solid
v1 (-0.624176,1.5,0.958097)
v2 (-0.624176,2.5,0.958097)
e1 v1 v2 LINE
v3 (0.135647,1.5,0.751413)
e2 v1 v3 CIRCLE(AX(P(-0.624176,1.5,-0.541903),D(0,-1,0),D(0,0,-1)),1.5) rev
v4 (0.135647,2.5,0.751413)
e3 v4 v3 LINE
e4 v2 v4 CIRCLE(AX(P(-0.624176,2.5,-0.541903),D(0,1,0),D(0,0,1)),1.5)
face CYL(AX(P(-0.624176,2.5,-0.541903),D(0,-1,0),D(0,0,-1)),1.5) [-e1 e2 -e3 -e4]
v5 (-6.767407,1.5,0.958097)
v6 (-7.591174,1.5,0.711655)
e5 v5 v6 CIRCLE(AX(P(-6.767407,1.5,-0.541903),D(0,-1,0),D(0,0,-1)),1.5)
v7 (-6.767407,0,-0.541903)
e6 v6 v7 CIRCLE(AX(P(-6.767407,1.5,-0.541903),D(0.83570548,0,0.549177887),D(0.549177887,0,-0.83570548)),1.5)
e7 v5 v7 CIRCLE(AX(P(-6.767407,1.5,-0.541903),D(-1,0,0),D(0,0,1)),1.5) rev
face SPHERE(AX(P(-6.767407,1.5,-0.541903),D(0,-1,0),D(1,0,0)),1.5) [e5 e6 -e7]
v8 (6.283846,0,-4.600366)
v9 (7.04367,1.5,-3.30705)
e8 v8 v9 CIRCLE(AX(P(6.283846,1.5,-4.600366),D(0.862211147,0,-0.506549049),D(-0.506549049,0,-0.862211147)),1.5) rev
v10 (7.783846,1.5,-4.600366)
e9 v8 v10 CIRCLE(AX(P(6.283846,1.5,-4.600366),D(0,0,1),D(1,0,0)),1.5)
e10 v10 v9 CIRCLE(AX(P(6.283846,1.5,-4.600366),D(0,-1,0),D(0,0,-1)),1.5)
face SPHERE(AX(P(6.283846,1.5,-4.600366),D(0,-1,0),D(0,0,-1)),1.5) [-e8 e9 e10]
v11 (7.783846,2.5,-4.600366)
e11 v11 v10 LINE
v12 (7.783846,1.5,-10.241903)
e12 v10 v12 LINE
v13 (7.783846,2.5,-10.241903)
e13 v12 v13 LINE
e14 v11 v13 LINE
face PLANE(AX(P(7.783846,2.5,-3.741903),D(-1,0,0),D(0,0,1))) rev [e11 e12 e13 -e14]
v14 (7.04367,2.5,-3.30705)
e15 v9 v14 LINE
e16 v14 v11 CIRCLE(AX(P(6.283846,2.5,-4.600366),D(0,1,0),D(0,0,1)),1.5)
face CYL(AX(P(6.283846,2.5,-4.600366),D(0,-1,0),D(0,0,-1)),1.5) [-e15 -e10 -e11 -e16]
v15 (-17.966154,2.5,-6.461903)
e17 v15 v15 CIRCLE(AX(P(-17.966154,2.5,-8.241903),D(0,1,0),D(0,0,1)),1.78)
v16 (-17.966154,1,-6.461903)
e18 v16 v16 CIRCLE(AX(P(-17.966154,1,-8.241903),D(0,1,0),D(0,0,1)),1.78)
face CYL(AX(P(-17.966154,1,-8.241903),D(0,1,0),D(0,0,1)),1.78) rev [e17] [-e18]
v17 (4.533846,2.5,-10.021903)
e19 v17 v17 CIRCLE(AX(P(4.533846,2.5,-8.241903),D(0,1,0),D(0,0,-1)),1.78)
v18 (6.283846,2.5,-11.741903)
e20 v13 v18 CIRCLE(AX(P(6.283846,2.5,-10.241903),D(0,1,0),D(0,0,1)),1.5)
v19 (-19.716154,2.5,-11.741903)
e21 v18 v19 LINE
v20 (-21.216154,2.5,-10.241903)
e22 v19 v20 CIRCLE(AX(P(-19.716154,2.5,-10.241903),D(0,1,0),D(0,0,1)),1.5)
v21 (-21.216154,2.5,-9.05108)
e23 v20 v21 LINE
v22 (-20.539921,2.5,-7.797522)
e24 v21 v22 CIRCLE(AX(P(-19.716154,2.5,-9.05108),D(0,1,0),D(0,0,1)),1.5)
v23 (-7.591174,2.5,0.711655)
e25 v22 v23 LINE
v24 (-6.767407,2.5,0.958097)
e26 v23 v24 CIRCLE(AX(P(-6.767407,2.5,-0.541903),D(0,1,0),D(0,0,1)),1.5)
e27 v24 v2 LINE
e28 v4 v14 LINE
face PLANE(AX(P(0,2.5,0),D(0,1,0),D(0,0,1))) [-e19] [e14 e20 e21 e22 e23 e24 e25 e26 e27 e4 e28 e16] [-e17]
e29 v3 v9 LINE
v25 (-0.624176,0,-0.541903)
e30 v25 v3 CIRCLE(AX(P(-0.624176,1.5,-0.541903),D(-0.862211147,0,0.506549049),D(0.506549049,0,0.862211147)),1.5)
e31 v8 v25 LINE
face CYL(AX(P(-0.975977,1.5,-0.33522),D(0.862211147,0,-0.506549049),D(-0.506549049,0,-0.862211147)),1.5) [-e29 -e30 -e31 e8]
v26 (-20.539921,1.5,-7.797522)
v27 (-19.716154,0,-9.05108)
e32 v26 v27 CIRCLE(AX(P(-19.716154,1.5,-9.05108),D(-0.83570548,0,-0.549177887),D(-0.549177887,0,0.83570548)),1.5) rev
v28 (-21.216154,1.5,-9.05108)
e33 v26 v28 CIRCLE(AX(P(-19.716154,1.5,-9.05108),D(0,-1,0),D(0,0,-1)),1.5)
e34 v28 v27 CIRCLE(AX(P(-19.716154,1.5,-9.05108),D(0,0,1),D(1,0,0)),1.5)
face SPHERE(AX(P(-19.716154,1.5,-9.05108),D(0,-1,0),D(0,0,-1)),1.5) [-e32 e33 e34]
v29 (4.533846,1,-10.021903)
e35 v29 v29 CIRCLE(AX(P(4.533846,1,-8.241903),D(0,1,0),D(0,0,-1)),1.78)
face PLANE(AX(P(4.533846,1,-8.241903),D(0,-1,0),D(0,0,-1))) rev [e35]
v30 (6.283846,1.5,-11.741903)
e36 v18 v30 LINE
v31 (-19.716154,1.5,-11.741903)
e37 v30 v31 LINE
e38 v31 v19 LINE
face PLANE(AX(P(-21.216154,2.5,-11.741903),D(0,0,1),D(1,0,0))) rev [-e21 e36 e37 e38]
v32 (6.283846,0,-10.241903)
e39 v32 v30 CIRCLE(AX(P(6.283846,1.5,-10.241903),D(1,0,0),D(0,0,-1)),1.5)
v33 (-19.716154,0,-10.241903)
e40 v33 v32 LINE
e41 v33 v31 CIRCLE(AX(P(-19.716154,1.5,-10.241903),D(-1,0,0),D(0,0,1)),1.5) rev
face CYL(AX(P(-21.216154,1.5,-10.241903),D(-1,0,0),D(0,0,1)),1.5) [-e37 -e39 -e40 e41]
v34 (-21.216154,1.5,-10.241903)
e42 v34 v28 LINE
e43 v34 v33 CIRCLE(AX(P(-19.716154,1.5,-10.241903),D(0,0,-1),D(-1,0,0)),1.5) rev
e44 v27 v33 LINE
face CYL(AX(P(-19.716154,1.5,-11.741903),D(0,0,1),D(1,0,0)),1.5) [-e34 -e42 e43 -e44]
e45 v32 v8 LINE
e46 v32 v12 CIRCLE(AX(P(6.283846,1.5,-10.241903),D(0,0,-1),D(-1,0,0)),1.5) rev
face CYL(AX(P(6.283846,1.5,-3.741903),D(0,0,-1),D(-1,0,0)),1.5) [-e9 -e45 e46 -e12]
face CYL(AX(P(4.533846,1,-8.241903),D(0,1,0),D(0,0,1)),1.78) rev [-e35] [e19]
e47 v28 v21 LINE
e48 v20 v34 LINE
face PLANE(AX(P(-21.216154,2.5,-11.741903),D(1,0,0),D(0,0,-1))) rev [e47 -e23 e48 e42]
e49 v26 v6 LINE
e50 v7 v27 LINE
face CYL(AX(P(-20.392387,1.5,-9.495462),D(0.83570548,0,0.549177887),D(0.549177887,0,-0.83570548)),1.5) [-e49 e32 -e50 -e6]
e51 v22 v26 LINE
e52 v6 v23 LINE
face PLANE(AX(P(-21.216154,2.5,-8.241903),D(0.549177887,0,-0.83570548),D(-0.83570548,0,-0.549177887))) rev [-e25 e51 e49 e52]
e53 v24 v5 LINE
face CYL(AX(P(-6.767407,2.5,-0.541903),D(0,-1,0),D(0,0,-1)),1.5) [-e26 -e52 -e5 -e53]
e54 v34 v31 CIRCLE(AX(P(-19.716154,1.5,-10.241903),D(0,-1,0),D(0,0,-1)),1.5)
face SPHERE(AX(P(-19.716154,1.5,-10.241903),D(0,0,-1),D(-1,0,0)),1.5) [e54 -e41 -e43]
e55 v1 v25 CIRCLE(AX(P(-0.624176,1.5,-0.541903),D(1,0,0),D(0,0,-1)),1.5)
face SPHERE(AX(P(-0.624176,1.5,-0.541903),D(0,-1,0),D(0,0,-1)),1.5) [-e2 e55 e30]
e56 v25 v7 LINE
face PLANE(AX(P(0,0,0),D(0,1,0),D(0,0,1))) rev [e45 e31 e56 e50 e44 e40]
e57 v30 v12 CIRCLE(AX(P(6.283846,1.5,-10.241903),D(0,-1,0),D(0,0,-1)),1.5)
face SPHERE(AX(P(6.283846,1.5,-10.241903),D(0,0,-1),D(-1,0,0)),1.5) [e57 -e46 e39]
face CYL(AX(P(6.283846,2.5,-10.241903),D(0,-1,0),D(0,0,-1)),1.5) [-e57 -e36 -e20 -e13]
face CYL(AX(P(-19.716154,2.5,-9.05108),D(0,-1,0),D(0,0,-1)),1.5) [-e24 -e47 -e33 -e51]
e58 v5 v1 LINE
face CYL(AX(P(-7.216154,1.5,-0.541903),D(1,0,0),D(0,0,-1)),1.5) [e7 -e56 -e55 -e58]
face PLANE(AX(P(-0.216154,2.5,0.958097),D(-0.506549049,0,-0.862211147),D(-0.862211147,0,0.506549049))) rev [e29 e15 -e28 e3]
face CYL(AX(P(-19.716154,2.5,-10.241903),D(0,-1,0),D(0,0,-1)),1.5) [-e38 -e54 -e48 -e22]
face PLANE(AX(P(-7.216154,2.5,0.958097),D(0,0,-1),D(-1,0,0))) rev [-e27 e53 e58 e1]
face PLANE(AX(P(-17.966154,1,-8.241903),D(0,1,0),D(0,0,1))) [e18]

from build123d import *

# Parameters (mm, degrees)
BOSS_EXTRUDE1_DEPTH = 2.5
SKETCH4_R           = 1.78
CUT_EXTRUDE1_DEPTH  = 1.5
FILLET1_R           = 1.5


with BuildPart() as part:
    # Sketch2 → Boss-Extrude1 (new body)
    with BuildSketch(Plane(origin=(0, 0, 0), x_dir=(1, 0, 0), z_dir=(0, 1, 0))):
        Polygon((-21.216153836, 11.741903429), (-21.216153836, 8.241903429), (-7.216153836, -0.958096571), (-0.216153836, -0.958096571), (7.783846164, 3.741903429), (7.783846164, 11.741903429), align=None)
    extrude(amount=BOSS_EXTRUDE1_DEPTH)

    # Sketch4 → Cut-Extrude1 (cut)
    with BuildSketch(Plane(origin=(0, 2.5, 0), x_dir=(1, 0, 0), z_dir=(0, 1, 0))):
        with Locations((-17.966153836, 8.241903429)):
            Circle(SKETCH4_R)
        with Locations((4.533846164, 8.241903429)):
            Circle(SKETCH4_R)
    extrude(amount=-CUT_EXTRUDE1_DEPTH, mode=Mode.SUBTRACT)

    # Fillet1
    fillet1_edges = [part.edges().sort_by_distance(p)[0] for p in [
        (7.783846164, 1.25, -11.741903429),
        (7.783846164, 1.25, -3.741903429),
        (-0.216153836, 1.25, 0.958096571),
        (-7.216153836, 1.25, 0.958096571),
        (-21.216153836, 1.25, -8.241903429),
        (-21.216153836, 1.25, -11.741903429),
        (7.783846164, 0, -7.741903429),
        (3.783846164, 0, -1.391903429),
        (-3.716153836, 0, 0.958096571),
        (-14.216153836, 0, -3.641903429),
        (-21.216153836, 0, -9.991903429),
        (-6.716153836, 0, -11.741903429),
    ]]
    fillet(fillet1_edges, radius=FILLET1_R)


solid = part.part
